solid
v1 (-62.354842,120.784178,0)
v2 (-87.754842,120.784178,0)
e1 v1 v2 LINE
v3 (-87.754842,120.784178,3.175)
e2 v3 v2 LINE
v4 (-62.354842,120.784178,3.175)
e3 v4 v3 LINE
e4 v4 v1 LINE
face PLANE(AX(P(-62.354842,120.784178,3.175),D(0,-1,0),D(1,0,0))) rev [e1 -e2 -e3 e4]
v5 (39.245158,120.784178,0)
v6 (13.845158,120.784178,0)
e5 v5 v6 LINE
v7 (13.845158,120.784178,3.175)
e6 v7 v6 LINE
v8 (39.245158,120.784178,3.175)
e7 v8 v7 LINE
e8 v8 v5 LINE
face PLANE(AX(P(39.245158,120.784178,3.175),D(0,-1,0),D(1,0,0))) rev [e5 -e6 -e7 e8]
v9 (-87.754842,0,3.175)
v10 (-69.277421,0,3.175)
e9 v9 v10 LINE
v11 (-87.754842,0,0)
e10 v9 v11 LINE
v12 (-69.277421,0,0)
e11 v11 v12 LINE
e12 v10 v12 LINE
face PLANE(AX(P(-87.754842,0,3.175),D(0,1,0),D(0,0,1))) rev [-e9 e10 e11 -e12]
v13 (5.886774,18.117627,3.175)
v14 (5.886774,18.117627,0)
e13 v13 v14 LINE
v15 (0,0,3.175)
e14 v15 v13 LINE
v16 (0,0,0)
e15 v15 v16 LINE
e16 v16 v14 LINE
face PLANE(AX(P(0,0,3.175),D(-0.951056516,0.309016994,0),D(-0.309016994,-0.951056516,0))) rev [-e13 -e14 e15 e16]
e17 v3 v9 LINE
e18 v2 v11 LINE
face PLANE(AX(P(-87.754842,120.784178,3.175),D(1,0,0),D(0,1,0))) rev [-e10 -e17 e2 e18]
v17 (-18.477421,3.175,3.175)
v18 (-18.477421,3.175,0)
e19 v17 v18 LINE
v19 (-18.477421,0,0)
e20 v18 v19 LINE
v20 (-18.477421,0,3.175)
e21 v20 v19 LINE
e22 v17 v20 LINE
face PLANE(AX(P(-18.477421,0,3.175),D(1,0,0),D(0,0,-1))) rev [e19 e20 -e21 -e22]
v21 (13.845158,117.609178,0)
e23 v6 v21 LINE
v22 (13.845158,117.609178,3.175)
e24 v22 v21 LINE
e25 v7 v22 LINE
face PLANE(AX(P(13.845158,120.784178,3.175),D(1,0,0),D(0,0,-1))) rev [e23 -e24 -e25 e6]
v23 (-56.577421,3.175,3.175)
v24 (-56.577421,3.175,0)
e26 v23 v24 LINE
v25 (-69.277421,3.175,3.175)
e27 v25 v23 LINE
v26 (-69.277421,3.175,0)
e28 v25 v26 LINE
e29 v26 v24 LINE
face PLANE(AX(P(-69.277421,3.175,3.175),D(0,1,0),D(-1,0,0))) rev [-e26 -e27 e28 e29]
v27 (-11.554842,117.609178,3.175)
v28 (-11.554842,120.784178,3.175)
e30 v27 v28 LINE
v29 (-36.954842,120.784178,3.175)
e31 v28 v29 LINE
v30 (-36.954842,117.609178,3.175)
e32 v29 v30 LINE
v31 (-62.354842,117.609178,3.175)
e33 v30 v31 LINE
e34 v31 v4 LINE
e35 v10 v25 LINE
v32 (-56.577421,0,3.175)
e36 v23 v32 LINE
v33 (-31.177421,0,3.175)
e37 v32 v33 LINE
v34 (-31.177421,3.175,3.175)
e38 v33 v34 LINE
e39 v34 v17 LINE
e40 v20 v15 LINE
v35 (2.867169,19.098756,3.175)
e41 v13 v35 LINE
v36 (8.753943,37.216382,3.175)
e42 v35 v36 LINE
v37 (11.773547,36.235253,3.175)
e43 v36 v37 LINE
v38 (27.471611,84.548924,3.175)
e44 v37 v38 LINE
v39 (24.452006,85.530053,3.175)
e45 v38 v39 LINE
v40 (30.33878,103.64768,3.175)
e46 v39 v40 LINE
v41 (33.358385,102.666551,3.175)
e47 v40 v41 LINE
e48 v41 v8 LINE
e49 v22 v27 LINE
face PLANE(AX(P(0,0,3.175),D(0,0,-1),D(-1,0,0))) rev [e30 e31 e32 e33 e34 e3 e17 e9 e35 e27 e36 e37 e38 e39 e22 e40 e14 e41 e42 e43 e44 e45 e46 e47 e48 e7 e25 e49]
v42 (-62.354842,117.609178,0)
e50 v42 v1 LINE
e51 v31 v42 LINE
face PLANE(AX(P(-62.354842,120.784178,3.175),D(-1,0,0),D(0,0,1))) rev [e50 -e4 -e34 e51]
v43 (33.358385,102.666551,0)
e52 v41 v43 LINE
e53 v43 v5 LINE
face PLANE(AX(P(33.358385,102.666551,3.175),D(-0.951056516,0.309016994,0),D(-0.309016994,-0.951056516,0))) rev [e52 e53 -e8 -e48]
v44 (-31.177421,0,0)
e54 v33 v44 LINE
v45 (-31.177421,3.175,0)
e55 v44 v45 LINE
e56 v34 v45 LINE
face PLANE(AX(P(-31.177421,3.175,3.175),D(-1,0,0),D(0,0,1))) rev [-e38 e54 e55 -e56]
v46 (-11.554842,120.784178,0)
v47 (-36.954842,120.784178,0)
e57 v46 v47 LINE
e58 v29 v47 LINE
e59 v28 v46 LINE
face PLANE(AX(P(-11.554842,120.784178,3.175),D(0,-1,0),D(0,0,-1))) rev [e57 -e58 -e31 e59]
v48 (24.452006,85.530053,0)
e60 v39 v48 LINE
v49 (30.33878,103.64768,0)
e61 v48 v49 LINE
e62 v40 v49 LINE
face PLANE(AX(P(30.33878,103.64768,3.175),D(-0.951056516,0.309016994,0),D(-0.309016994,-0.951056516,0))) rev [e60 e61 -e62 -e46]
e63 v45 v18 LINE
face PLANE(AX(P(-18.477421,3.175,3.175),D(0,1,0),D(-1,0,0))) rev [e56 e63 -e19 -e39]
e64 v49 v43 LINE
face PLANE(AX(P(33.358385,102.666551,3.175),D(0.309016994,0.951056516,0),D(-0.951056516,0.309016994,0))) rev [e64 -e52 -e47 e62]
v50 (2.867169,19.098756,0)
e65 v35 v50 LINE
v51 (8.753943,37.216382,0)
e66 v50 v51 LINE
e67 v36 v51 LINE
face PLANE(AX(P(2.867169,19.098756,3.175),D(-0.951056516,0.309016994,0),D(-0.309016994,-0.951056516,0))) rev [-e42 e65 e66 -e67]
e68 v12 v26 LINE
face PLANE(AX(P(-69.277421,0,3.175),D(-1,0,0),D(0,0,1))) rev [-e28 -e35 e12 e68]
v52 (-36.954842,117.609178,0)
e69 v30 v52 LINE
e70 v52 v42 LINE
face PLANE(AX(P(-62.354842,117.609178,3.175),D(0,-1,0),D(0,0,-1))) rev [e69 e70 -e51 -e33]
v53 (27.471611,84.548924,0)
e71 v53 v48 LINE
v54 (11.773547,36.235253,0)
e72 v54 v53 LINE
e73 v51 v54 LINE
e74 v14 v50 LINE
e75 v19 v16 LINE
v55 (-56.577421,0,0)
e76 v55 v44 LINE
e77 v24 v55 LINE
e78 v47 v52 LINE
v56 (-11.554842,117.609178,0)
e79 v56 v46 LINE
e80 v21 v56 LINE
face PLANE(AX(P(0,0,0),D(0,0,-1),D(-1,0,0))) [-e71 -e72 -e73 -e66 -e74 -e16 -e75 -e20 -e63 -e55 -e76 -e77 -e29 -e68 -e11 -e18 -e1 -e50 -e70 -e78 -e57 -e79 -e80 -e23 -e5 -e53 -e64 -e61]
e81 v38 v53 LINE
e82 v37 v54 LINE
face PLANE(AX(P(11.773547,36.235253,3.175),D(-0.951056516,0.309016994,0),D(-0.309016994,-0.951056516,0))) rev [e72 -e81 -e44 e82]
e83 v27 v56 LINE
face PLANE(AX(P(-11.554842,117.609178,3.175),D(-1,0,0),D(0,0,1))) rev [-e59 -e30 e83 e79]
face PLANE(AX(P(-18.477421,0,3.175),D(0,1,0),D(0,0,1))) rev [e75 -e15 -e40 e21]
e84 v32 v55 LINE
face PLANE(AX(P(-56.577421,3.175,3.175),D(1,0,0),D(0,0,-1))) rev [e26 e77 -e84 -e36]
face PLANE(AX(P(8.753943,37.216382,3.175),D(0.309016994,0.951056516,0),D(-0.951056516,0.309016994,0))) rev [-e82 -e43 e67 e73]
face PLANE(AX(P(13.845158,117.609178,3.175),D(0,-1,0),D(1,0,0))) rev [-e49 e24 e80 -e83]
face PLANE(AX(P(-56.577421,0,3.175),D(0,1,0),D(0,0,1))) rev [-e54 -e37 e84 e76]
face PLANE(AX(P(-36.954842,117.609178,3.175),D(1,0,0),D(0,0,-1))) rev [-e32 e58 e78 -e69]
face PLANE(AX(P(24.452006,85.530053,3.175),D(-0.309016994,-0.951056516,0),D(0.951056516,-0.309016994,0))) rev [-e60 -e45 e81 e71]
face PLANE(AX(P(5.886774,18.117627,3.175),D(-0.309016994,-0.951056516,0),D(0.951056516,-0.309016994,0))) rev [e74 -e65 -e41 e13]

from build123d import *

# Parameters (mm, degrees)
BOSS_EXTRUDE1_DEPTH = 3.175


with BuildPart() as part:
    # Sketch1 → Boss-Extrude1 (new body)
    with BuildSketch(Plane.XY):
        Polygon((0, 0), (5.886773743, 18.117626635), (2.867169304, 19.098755593), (8.753943046, 37.216382228), (11.773547486, 36.235253271), (27.4716108, 84.548924299), (24.452006361, 85.530053256), (30.338780104, 103.647679891), (33.358384543, 102.666550934), (39.245158286, 120.784177569), (13.845158286, 120.784177569), (13.845158286, 117.609177569), (-11.554841714, 117.609177569), (-11.554841714, 120.784177569), (-36.954841714, 120.784177569), (-36.954841714, 117.609177569), (-62.354841714, 117.609177569), (-62.354841714, 120.784177569), (-87.754841714, 120.784177569), (-87.754841714, 0), (-69.277420857, 0), (-69.277420857, 3.175), (-56.577420857, 3.175), (-56.577420857, 0), (-31.177420857, 0), (-31.177420857, 3.175), (-18.477420857, 3.175), (-18.477420857, 0), align=None)
    extrude(amount=BOSS_EXTRUDE1_DEPTH)


solid = part.part
